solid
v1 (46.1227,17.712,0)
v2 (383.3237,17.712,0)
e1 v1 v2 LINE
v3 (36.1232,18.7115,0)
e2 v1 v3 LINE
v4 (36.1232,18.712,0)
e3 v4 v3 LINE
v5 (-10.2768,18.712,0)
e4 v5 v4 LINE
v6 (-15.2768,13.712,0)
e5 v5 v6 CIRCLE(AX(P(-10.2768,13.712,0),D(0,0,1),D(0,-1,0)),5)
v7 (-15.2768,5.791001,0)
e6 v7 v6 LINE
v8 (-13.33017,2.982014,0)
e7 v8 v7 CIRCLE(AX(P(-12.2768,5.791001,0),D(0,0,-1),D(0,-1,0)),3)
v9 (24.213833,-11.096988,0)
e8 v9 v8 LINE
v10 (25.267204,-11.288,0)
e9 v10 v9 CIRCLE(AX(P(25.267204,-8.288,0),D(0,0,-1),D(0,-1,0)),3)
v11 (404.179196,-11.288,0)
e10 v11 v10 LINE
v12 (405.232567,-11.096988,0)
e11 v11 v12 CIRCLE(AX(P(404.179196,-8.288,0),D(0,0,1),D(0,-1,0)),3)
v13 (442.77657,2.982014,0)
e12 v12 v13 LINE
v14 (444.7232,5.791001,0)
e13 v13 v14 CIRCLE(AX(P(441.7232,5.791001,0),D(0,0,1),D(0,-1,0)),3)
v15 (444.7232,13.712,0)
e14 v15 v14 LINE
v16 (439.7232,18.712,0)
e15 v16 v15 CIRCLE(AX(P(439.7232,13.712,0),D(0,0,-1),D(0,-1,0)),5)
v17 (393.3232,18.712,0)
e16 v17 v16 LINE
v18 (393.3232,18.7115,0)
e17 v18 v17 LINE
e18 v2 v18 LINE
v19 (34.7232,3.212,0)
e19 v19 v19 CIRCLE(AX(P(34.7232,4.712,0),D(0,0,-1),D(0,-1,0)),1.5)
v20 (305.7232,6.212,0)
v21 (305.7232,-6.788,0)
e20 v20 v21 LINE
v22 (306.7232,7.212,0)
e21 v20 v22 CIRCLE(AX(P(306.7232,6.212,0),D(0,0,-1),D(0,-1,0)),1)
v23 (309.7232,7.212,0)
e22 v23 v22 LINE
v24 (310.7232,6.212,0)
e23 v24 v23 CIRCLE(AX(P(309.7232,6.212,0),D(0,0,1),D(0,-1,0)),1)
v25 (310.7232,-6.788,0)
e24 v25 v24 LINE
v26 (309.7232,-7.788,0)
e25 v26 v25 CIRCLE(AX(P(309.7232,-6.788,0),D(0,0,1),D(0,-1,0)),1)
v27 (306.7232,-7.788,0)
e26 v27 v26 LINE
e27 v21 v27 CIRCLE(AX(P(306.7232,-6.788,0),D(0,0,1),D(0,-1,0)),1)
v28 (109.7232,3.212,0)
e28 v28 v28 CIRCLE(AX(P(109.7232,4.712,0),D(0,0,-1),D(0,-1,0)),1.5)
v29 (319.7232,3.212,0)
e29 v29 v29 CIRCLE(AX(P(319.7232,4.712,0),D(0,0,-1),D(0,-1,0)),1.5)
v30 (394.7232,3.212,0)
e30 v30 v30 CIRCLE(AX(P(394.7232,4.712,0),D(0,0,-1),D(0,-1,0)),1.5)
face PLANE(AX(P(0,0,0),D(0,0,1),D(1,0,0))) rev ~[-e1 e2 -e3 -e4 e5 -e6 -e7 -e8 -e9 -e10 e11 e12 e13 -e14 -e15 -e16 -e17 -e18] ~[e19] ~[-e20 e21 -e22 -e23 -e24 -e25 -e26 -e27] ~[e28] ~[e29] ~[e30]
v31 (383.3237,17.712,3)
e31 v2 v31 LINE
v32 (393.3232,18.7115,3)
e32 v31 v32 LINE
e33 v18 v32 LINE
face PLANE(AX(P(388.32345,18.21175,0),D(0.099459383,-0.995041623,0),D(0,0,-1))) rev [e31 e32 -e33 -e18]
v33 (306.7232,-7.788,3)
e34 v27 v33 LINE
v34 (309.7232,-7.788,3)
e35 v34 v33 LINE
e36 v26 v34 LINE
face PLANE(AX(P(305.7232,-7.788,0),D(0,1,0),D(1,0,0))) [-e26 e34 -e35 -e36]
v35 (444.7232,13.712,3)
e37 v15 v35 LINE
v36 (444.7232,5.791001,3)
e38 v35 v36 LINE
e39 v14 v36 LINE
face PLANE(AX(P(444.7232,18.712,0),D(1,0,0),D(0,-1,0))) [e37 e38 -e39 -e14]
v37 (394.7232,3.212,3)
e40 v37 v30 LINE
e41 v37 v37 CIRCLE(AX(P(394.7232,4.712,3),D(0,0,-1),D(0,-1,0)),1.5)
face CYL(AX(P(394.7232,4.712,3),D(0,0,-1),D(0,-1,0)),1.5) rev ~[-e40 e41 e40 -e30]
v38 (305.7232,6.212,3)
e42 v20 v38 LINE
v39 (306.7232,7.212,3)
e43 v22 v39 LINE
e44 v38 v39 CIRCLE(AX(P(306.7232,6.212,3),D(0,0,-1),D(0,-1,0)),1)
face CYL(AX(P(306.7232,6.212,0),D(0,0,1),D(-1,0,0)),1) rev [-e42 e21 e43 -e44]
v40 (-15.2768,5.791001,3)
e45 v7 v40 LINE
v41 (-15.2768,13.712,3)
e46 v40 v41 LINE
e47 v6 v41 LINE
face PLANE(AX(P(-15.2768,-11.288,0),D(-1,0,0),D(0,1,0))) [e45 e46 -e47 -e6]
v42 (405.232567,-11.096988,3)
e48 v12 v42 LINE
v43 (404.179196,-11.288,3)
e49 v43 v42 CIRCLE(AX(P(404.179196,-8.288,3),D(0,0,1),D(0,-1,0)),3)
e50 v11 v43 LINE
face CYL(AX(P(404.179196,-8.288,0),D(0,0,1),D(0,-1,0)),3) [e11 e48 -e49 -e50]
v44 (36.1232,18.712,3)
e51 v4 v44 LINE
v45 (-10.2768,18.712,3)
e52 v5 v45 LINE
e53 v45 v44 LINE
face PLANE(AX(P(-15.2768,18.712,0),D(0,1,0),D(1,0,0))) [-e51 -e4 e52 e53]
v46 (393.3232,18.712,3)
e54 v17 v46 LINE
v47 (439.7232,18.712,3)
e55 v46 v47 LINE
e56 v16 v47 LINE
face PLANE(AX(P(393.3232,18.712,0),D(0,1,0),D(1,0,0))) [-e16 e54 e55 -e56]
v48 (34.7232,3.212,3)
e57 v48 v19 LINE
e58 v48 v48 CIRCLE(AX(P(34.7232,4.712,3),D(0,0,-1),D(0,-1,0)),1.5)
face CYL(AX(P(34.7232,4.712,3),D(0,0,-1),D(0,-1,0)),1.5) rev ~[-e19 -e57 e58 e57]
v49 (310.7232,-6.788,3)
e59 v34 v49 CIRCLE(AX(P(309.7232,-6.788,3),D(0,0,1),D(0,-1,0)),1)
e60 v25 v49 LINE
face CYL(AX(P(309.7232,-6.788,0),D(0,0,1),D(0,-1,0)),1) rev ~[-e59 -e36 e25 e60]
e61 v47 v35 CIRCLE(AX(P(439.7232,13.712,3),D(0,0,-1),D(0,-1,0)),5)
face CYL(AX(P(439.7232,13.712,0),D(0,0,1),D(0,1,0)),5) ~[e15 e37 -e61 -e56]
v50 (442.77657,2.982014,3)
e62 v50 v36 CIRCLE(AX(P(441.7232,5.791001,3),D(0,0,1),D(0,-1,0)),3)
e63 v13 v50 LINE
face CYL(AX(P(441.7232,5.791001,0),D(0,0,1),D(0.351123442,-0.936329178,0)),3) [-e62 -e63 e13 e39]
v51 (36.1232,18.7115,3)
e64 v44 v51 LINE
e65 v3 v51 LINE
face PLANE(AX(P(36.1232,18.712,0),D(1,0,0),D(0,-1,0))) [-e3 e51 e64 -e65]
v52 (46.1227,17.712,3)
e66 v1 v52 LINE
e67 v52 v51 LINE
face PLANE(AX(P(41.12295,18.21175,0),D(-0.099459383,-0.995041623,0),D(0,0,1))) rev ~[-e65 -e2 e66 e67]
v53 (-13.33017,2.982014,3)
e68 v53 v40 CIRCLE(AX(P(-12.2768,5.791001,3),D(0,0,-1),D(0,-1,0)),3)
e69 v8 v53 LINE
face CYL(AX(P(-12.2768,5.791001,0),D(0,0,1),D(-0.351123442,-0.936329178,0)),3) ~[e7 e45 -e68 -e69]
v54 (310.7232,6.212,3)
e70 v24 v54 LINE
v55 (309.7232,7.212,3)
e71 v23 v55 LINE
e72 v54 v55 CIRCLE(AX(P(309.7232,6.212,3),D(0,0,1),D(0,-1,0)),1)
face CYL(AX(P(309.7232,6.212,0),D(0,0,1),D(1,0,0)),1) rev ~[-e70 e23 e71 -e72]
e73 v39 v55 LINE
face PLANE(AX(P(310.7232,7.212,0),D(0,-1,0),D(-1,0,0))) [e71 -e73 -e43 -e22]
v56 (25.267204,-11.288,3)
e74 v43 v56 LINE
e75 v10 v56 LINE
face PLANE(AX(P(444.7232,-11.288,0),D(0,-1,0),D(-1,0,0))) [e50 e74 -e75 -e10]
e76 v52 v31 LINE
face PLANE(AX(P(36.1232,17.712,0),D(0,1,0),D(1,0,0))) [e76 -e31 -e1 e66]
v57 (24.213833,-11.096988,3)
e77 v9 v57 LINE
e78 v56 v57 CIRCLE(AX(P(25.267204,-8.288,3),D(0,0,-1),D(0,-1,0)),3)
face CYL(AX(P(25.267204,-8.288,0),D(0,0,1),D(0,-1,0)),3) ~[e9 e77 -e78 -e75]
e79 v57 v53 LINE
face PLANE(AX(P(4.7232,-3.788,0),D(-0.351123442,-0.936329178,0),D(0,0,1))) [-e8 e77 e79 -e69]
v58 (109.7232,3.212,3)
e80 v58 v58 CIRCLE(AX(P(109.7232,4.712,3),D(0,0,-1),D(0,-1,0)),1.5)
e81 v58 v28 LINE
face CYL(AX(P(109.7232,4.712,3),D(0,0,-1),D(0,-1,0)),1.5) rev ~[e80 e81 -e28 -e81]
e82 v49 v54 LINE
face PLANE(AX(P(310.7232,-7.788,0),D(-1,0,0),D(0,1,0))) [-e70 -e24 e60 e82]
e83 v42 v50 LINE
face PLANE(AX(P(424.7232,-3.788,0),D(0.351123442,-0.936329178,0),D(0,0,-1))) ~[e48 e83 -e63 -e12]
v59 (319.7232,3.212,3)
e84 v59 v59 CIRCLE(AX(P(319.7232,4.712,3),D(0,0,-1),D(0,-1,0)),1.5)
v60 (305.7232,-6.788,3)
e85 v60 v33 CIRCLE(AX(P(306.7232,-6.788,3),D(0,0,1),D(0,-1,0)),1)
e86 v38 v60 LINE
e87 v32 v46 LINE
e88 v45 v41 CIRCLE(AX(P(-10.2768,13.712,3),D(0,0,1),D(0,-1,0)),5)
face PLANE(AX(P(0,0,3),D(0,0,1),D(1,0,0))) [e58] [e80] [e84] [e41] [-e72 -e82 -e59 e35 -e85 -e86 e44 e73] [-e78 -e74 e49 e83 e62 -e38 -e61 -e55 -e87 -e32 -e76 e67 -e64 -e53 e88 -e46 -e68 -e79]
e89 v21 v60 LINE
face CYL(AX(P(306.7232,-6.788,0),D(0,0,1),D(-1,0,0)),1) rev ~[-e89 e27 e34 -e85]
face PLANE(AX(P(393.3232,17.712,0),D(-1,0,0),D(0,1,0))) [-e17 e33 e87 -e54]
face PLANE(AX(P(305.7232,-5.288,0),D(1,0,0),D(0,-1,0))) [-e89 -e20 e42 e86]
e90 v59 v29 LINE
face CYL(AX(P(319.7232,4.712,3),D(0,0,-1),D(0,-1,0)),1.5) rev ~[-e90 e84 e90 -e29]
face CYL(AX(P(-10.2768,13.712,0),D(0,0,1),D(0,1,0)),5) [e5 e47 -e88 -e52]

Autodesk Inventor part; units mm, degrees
ref_plane "YZ Plane" through (0, 0, 0) normal (1, 0, 0) x (0, 1, 0)
ref_plane "XZ Plane" through (0, 0, 0) normal (0, 1, 0) x (-1, 0, 0)
ref_plane "XY Plane" through (0, 0, 0) normal (0, 0, 1) x (1, 0, 0)
sketch "Szkic1" plane through (0, 0, 0) normal (0, 0, 1) x (1, 0, 0)
  line L0 (444.7232, 18.712) -> (444.7232, -11.288)
  line L1 (444.7232, -11.288) -> (-15.2768, -11.288)
  line L2 (-15.2768, -11.288) -> (-15.2768, 18.712)
  line L3 (-15.2768, 18.712) -> (36.1232, 18.712)
  line L4 (36.1232, 18.712) -> (36.1232, 17.712)
  line L5 (36.1232, 17.712) -> (393.3232, 17.712)
  line L6 (393.3232, 17.712) -> (393.3232, 18.712)
  line L7 (393.3232, 18.712) -> (444.7232, 18.712)
  point P0 (0, 0)
  dimension "d0" = 460
  dimension "d1" = 30
  dimension "d2" = 1
  dimension "d3" = 51.4
  dimension "d4" = 51.4
extrude "Wyciągnięcie proste1" add sketch "Szkic1" along normal blind 3
chamfer "Faza1" distance 10 distance2 1 1 edges at (36.1232, 17.712, 1.5) measured on face at (274.2565, 17.712, 1)
chamfer "Faza2" distance 10 distance2 1 1 edges at (393.3232, 17.712, 1.5) measured on face at (277.5897, 17.712, 1)
fillet "Zaokrąglenie1" radius 5 2 edges at (444.7232, 18.712, 1.5) (-15.2768, 18.712, 1.5)
chamfer "Faza3" distance 40 distance2 15 1 edges at (444.7232, -11.288, 1.5) measured on face at (138.0565, -11.288, 1)
chamfer "Faza4" distance 40 distance2 15 1 edges at (-15.2768, -11.288, 1.5) measured on face at (124.7232, -11.288, 2)
sketch "Szkic2" plane through (0, 0, 3) normal (0, 0, 1) x (1, 0, 0)
  line L0 (383.3232, 17.712) -> (46.1232, 17.712) projected
  line L1 (-15.2768, 13.712) -> (-15.2768, 3.712) projected
  line L2 (444.7232, 3.712) -> (444.7232, 13.712) projected
  line L3 (36.1232, 18.712) -> (-10.2768, 18.712) projected
  line L4 (439.7232, 18.712) -> (393.3232, 18.712) projected
  point P0 (0, 0)
  point P1 (34.7232, 4.712)
  point P2 (394.7232, 4.712)
  point P3 (109.7232, 4.712)
  point P4 (319.7232, 4.712)
  dimension "d34" = 50
  dimension "d35" = 75
  dimension "d36" = 75
  dimension "d37" = 50
  dimension "d39" = 14
  dimension "d40" = 14
  dimension "d41" = 14
  dimension "d42" = 14
fillet "Zaokrąglenie2" radius 3 4 edges at (444.7232, 3.712, 1.5) (404.7232, -11.288, 1.5) (24.7232, -11.288, 1.5) (-15.2768, 3.712, 1.5)
hole "Otwór1" at (34.7232, 4.712, 3) at (394.7232, 4.712, 3) at (109.7232, 4.712, 3) at (319.7232, 4.712, 3) direction (0, 0, -1) diameter 3 end through all
sketch "Szkic4" plane through (0, 0, 0) normal (0, 0, -1) x (-1, 0, 0)
  circle A0 centre (-109.7232, 4.712) radius 1.5 projected
  circle A1 centre (-34.7232, 4.712) radius 1.5 projected
  circle A2 centre (-394.7232, 4.712) radius 1.5 projected
  circle A3 centre (-319.7232, 4.712) radius 1.5 projected
  arc A4 (13.3302, 2.9821) -> (15.2768, 5.791) centre (12.2768, 5.791) ccw projected
  line L0 (15.2768, 13.712) -> (15.2768, 5.791) projected
  arc A5 (15.2768, 13.712) -> (10.2768, 18.712) centre (10.2768, 13.712) ccw projected
  line L1 (-36.1232, 18.712) -> (10.2768, 18.712) projected
  line L2 (-46.1232, 17.712) -> (-36.1232, 18.712) projected
  line L3 (-383.3232, 17.712) -> (-46.1232, 17.712) projected
  line L4 (-393.3232, 18.712) -> (-383.3232, 17.712) projected
  line L5 (-439.7232, 18.712) -> (-393.3232, 18.712) projected
  arc A6 (-439.7232, 18.712) -> (-444.7232, 13.712) centre (-439.7232, 13.712) ccw projected
  line L6 (-444.7232, 5.791) -> (-444.7232, 13.712) projected
  arc A7 (-444.7232, 5.791) -> (-442.7766, 2.9821) centre (-441.7232, 5.791) ccw projected
  line L7 (-405.2326, -11.0969) -> (-442.7766, 2.9821) projected
  arc A8 (-405.2326, -11.0969) -> (-404.1792, -11.288) centre (-404.1792, -8.288) ccw projected
  line L8 (-25.2672, -11.288) -> (-404.1792, -11.288) projected
  arc A9 (-25.2672, -11.288) -> (-24.2138, -11.0969) centre (-25.2672, -8.288) ccw projected
  line L9 (13.3302, 2.9821) -> (-24.2138, -11.0969) projected
  line L10 (-292.2232, 13.612) -> (-12.8371, 13.612) construction
  line L11 (-12.8371, 13.612) -> (-12.8371, -7.1032) construction
  line L12 (-12.8371, -7.1032) -> (-292.2232, -7.1032) construction
  line L13 (-292.2232, -7.1032) -> (-292.2232, 13.612) construction
  point P0 (0, 0)
  dimension "d43" = 4.1
  dimension "d44" = 152.5
extrude "Wyciągnięcie proste3" [suppressed]
sketch "Szkic5" plane through (0, 0, 0) normal (0, 0, -1) x (-1, 0, 0)
  arc A0 (13.3302, 2.9821) -> (15.2768, 5.791) centre (12.2768, 5.791) ccw projected
  line L0 (15.2768, 13.712) -> (15.2768, 5.791) projected
  arc A1 (15.2768, 13.712) -> (10.2768, 18.712) centre (10.2768, 13.712) ccw projected
  line L1 (-36.1232, 18.712) -> (10.2768, 18.712) projected
  line L2 (-46.1232, 17.712) -> (-36.1232, 18.712) projected
  line L3 (-383.3232, 17.712) -> (-46.1232, 17.712) projected
  line L4 (-393.3232, 18.712) -> (-383.3232, 17.712) projected
  line L5 (-439.7232, 18.712) -> (-393.3232, 18.712) projected
  arc A2 (-439.7232, 18.712) -> (-444.7232, 13.712) centre (-439.7232, 13.712) ccw projected
  line L6 (-444.7232, 5.791) -> (-444.7232, 13.712) projected
  arc A3 (-444.7232, 5.791) -> (-442.7766, 2.9821) centre (-441.7232, 5.791) ccw projected
  line L7 (-405.2326, -11.0969) -> (-442.7766, 2.9821) projected
  arc A4 (-405.2326, -11.0969) -> (-404.1792, -11.288) centre (-404.1792, -8.288) ccw projected
  line L8 (-25.2672, -11.288) -> (-404.1792, -11.288) projected
  arc A5 (-25.2672, -11.288) -> (-24.2138, -11.0969) centre (-25.2672, -8.288) ccw projected
  line L9 (13.3302, 2.9821) -> (-24.2138, -11.0969) projected
  circle A6 centre (-319.7232, 4.712) radius 1.5 projected
  circle A7 centre (-394.7232, 4.712) radius 1.5 projected
  circle A8 centre (-34.7232, 4.712) radius 1.5 projected
  circle A9 centre (-109.7232, 4.712) radius 1.5 projected
  line L10 (-436.9348, 14.712) -> (34.576, 14.712)
  line L11 (-429.8152, 7.212) -> (-144.7013, 7.212)
  line L12 (-310.7232, 7.212) -> (-305.7232, 7.212)
  line L13 (-305.7232, 7.212) -> (-305.7232, -7.788)
  line L14 (-305.7232, -7.788) -> (-310.7232, -7.788)
  line L15 (-310.7232, -7.788) -> (-310.7232, 7.212)
  line L16 (-428.7978, 2.212) -> (-310.7232, 2.212)
  line L17 (-305.7232, 2.212) -> (-143.684, 2.212)
  line L18 (-434.2328, -5.288) -> (-310.7232, -5.288)
  line L19 (-305.7232, -5.288) -> (47.3582, -5.288)
  point P0 (0, 0)
  dimension "d47" = 3
  dimension "d49" = 2.5
  dimension "d51" = 5
  dimension "d52" = 15
  dimension "d54" = 9
extrude "Wyciągnięcie proste4" cut sketch "Szkic5" against normal through all contours L13 L14 L15 L11
fillet "Zaokrąglenie3" radius 1 4 edges at (305.7232, -7.788, 1.5) (310.7232, -7.788, 1.5) (310.7232, 7.212, 1.5) (305.7232, 7.212, 1.5)
equation "\"d4\" = d3"
equation "\"d37\" = d34"
equation "\"d40\" = d39"
equation "\"d41\" = d39"
equation "\"d42\" = d39"
properties part number "LC_PLEXI_3mm_Heatbed_Platform_Logo_Plate_Diffuser"
